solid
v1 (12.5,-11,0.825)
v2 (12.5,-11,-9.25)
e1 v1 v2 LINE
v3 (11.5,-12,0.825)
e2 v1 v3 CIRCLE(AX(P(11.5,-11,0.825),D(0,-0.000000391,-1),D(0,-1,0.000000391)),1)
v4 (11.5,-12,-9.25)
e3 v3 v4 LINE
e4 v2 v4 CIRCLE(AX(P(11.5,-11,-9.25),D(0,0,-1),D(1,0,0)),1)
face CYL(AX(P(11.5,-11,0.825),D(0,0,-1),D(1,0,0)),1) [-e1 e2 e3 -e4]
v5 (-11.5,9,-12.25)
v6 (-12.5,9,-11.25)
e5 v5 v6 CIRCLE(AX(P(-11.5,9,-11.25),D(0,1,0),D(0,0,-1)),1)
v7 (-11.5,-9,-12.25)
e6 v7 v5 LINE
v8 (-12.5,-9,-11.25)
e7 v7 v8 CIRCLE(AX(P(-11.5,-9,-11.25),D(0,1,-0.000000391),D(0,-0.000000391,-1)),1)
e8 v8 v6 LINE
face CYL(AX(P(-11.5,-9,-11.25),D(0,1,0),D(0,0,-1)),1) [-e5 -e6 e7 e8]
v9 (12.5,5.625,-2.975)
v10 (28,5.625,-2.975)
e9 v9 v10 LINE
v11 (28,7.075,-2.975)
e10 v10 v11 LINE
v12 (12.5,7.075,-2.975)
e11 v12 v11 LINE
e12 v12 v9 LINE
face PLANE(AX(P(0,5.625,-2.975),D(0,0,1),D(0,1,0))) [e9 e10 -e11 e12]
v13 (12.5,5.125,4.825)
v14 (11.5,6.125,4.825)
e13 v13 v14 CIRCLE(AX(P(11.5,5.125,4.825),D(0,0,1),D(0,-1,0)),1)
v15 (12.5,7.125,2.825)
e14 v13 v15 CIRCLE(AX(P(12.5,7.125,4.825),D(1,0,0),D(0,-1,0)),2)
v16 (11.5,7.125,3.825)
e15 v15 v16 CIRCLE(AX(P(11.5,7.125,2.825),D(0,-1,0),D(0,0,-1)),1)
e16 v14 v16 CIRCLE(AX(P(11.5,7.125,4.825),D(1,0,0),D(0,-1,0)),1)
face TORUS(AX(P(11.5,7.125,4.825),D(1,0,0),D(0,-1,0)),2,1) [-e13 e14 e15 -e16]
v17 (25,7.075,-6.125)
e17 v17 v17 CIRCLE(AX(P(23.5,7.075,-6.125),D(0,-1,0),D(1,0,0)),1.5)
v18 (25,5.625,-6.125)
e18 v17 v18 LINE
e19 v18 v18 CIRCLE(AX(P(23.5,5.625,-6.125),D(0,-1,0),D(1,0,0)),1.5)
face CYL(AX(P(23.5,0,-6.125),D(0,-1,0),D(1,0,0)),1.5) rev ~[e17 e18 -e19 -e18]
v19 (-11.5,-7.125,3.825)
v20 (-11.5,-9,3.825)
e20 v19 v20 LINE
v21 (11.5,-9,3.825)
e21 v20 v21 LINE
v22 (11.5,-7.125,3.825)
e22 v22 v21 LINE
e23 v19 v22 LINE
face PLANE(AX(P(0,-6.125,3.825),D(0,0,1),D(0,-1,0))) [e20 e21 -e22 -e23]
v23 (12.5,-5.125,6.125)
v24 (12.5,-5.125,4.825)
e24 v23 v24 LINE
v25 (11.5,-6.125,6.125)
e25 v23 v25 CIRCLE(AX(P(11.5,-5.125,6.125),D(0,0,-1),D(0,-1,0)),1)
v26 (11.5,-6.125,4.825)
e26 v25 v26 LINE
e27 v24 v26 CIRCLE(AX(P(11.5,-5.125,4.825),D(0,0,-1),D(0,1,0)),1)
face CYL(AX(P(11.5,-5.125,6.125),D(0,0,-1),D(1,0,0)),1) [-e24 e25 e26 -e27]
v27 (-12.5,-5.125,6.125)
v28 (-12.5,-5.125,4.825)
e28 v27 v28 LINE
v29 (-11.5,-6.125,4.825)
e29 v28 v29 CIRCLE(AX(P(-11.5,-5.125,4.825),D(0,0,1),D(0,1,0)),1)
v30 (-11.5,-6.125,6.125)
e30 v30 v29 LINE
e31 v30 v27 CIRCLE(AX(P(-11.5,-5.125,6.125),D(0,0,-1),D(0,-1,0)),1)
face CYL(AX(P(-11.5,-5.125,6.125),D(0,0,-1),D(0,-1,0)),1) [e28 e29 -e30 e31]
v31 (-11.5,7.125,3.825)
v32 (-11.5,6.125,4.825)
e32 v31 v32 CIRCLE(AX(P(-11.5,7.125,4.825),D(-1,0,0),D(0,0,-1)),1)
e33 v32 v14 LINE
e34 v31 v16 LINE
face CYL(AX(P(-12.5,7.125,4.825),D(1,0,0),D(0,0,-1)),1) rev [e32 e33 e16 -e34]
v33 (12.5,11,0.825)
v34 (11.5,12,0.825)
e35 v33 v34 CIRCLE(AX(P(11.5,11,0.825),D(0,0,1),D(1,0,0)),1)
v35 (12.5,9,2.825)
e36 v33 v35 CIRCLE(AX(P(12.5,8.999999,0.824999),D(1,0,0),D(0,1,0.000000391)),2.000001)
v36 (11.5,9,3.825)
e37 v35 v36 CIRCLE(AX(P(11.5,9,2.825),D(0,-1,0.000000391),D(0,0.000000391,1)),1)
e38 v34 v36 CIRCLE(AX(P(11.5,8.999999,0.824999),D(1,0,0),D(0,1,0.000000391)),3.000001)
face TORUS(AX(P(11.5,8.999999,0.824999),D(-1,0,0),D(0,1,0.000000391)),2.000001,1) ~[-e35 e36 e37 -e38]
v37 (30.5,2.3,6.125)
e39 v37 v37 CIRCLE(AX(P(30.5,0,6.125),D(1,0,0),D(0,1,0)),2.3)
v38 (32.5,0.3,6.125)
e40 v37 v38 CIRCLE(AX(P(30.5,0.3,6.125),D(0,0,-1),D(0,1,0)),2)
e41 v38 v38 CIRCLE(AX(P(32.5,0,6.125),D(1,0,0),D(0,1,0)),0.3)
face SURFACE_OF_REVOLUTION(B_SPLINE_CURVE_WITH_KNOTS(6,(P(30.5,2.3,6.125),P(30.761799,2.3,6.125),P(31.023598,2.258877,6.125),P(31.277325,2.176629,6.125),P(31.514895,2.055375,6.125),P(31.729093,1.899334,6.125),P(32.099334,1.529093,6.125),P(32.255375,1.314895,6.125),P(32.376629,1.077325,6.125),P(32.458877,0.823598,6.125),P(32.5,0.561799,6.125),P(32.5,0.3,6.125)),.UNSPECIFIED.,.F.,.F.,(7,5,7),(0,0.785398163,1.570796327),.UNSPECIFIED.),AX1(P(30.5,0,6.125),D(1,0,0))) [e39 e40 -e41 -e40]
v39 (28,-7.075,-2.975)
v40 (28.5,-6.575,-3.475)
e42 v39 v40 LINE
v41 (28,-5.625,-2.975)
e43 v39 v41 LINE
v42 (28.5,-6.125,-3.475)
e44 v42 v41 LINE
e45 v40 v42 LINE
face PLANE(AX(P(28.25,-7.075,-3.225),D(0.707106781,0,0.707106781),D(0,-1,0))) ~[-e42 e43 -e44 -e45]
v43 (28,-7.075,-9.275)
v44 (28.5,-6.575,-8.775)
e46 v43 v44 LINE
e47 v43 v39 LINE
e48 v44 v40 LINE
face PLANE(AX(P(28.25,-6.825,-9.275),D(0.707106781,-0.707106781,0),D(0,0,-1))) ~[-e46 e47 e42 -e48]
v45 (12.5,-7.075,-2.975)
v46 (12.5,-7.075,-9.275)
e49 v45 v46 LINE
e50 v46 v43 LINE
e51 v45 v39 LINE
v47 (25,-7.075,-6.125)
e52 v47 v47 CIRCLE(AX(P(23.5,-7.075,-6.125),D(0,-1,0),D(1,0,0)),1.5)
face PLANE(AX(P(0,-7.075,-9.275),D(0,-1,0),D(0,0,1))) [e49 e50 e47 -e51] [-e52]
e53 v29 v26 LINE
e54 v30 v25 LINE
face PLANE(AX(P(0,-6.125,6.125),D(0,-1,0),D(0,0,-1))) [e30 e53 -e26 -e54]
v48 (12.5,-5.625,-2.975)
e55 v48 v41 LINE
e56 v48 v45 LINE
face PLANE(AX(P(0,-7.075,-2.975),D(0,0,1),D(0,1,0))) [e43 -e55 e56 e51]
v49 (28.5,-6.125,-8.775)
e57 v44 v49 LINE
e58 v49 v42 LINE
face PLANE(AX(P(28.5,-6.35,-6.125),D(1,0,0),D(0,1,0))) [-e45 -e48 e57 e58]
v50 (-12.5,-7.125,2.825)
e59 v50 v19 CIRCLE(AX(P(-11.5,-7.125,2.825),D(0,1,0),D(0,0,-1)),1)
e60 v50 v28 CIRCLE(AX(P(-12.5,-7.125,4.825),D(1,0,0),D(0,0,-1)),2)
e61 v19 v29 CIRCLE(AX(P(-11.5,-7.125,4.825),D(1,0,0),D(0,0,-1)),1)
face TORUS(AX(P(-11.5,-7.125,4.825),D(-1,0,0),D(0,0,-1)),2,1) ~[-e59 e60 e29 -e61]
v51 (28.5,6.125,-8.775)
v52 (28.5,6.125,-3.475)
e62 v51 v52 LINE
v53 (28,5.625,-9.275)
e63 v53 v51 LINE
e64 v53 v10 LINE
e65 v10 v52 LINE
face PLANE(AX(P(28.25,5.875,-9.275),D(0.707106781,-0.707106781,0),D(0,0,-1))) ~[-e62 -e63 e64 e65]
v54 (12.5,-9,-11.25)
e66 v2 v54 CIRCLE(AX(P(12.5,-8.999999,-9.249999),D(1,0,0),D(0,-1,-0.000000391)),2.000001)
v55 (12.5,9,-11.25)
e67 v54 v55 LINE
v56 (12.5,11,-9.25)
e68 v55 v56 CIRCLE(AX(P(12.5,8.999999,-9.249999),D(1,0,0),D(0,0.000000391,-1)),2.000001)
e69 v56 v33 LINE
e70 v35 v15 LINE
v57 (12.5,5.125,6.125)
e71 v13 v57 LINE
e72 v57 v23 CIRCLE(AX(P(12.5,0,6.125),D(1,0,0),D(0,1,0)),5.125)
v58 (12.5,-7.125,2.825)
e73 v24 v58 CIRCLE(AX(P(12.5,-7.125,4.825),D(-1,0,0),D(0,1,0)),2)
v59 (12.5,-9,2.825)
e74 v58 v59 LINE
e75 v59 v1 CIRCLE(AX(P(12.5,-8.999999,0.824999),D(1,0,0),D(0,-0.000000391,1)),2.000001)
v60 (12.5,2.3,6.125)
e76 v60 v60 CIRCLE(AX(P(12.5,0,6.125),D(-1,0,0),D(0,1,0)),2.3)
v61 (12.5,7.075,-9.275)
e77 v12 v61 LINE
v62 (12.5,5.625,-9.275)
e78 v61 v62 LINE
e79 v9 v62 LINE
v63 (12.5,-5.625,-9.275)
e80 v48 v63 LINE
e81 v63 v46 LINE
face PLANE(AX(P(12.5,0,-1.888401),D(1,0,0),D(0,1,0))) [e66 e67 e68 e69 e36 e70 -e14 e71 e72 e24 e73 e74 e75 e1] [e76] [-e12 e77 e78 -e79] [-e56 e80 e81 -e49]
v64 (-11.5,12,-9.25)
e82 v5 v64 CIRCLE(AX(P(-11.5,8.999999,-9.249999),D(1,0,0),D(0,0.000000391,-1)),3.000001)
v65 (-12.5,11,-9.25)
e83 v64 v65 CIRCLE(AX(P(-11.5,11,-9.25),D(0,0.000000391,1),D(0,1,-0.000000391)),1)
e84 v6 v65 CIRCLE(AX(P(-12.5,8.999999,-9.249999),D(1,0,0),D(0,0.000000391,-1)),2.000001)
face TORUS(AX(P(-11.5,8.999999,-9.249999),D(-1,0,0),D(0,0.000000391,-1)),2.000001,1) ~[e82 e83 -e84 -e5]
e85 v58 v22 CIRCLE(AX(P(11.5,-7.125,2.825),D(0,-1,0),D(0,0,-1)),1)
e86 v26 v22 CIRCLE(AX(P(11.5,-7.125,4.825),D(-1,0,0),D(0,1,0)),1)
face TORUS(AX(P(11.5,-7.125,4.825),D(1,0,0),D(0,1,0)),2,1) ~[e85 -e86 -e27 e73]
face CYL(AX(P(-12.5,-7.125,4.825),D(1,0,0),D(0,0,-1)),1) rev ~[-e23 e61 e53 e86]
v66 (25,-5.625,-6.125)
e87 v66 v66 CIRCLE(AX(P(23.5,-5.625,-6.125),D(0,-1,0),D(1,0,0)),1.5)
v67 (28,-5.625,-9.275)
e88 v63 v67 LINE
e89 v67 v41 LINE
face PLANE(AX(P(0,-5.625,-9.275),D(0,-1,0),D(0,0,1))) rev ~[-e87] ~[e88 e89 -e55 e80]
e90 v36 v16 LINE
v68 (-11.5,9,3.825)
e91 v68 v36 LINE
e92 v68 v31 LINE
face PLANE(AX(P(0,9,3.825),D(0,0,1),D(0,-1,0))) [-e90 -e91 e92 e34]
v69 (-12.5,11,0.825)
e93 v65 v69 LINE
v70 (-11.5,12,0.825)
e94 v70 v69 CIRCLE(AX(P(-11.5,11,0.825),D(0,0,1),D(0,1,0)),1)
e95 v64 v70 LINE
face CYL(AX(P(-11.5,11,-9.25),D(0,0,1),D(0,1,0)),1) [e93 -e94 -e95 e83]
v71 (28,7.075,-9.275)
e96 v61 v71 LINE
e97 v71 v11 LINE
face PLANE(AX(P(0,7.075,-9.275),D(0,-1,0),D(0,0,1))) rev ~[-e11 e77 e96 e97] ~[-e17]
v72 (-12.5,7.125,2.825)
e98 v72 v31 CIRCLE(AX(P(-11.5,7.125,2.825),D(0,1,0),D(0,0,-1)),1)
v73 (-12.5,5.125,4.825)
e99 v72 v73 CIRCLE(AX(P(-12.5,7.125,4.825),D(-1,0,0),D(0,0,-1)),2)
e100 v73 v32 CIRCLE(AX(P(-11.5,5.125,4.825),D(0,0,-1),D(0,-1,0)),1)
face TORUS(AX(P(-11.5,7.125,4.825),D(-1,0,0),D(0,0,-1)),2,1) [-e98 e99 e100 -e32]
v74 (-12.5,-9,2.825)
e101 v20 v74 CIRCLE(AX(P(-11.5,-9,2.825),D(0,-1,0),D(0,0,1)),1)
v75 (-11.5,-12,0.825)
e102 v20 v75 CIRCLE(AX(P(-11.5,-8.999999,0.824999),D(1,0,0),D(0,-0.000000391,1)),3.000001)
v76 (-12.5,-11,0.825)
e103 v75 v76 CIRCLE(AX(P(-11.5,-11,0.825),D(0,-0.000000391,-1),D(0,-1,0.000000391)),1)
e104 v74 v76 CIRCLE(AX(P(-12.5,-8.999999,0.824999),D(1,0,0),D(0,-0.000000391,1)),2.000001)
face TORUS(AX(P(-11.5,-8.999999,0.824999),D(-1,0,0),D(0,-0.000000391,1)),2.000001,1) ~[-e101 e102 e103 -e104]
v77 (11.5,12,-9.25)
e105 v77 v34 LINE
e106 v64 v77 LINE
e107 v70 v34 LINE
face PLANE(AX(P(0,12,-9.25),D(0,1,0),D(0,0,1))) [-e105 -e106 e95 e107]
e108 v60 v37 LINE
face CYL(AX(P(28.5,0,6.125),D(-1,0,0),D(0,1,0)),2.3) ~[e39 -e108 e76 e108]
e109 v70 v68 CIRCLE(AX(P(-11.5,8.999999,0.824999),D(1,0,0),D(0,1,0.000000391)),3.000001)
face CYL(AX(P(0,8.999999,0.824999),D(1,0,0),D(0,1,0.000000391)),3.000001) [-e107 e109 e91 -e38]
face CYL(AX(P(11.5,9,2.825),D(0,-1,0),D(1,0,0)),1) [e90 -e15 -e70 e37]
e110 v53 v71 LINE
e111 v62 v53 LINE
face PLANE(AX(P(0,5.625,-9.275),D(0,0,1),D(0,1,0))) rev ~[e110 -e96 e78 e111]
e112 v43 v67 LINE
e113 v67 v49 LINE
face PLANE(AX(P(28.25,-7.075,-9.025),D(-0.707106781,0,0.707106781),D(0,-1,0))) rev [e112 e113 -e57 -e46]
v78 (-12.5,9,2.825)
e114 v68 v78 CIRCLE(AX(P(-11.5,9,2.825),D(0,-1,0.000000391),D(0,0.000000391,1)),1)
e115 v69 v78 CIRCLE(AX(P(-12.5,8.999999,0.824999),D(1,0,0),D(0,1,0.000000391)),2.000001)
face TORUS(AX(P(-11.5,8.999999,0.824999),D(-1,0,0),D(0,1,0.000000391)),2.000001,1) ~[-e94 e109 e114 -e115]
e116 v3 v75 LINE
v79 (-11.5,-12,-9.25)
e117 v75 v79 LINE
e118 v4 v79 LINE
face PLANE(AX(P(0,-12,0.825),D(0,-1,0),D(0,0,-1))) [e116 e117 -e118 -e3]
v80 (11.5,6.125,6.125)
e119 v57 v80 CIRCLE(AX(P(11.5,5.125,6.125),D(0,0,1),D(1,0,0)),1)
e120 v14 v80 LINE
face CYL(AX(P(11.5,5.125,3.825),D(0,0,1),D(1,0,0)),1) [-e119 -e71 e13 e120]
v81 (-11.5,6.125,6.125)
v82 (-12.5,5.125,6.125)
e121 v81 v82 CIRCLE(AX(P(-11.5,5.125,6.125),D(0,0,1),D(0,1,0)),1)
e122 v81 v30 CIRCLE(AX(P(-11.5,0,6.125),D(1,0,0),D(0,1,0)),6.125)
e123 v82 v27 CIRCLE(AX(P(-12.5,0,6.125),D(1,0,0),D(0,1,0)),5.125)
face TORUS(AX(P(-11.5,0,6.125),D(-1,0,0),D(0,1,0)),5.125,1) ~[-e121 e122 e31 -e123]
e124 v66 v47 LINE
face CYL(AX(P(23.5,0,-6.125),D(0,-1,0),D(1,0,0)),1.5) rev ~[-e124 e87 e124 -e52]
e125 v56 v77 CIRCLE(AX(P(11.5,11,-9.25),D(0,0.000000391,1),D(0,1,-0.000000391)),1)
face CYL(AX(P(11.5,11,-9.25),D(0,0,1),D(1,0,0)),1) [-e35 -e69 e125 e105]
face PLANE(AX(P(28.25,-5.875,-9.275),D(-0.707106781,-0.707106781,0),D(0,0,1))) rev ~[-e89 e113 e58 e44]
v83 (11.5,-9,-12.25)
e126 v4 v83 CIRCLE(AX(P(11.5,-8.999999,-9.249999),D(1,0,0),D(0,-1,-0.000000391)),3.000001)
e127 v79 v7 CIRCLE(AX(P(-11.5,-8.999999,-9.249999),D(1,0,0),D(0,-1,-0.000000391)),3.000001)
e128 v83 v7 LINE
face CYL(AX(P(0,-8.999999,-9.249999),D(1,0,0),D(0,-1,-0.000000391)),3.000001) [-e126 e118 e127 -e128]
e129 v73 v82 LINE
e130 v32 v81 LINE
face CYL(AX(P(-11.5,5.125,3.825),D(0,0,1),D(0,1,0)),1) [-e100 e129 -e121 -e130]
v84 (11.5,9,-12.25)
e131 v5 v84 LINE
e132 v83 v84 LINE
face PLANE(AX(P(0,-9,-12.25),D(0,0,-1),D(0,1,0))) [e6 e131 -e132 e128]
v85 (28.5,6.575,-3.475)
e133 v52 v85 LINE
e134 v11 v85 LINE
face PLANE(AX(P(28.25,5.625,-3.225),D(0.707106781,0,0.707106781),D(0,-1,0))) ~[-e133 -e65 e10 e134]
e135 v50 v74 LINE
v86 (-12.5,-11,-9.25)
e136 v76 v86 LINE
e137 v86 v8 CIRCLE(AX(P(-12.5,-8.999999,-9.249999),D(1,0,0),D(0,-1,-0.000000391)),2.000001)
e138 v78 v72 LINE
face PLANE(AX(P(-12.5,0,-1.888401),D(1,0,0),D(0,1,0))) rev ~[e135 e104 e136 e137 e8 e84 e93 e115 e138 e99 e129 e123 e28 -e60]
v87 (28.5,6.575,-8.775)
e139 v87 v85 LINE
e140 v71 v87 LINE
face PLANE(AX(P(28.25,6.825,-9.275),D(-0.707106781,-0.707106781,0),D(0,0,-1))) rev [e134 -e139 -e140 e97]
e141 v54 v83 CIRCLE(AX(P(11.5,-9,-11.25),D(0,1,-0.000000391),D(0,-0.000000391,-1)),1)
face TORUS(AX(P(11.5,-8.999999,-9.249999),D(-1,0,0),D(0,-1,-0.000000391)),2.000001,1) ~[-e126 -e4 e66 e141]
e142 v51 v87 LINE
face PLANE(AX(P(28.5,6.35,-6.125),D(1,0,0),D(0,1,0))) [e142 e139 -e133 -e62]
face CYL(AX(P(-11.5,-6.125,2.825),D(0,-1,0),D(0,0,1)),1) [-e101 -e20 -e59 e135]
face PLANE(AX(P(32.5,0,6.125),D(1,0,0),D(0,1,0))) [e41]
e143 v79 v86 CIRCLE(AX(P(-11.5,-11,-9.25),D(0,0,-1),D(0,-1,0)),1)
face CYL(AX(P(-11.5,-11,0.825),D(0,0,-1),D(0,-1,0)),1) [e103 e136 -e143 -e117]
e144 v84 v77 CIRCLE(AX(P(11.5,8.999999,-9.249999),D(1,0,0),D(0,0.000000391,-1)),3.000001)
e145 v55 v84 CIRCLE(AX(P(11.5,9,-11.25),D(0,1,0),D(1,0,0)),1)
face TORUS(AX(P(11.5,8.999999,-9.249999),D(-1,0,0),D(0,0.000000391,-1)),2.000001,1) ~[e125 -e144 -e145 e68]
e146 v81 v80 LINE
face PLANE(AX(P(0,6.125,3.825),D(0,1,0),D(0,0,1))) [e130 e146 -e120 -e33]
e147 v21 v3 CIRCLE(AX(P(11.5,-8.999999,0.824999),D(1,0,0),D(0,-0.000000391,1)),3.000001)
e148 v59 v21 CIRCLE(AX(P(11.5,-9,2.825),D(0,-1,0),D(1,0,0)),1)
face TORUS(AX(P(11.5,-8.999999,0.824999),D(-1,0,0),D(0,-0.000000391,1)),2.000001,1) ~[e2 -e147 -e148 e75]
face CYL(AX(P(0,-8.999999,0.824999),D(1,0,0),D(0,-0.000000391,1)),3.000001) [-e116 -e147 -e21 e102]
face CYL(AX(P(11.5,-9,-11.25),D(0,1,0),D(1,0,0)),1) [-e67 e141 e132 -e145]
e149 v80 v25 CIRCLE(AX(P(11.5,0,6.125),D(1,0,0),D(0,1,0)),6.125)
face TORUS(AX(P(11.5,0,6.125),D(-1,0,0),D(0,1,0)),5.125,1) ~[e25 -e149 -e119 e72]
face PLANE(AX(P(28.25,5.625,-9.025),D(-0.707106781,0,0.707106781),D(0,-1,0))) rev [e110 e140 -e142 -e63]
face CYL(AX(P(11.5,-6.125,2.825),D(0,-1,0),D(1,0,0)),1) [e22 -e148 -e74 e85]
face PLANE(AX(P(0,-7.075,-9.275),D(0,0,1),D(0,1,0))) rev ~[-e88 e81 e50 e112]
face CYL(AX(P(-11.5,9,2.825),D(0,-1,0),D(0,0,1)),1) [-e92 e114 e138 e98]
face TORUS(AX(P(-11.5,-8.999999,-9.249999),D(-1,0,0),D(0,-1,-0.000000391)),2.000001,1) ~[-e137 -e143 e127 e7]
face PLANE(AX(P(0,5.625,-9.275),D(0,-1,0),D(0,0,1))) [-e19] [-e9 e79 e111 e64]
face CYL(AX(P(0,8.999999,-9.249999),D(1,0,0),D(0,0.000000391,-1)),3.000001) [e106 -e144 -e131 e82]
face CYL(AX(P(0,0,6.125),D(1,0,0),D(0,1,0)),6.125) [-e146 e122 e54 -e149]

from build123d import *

# Parameters (mm, degrees)
F1_DEPTH = 12.5
F2_W     = 1.45
F2_H     = 6.3
F2_R     = 2.3
F3_DEPTH = 28.5
F4_R     = 1.5
F5_DEPTH = 12.5
F6_SIZE  = 0.5
F7_R     = 2.3
F8_DEPTH = 4
F9_R     = 2
F10_R    = 1


with BuildPart() as f1:
    # F0 (on Right) → F1 (new body, symmetric)
    with BuildSketch(Plane.YZ):
        with BuildLine():
            Line((-9, -12.25), (9, -12.25))
            ThreePointArc((9, -12.25), (11.12132, -11.37132), (12, -9.25))
            Line((12, -9.25), (12, 0.825))
            ThreePointArc((12, 0.825), (11.12132, 2.94632), (9, 3.825))
            Line((9, 3.825), (6.125, 3.825))
            Line((6.125, 3.825), (6.125, 6.125))
            ThreePointArc((6.125, 6.125), (0, 12.25), (-6.125, 6.125))
            Line((-6.125, 6.125), (-6.125, 3.825))
            Line((-6.125, 3.825), (-9, 3.825))
            ThreePointArc((-9, 3.825), (-11.12132, 2.94632), (-12, 0.825))
            Line((-12, 0.825), (-12, -9.25))
            ThreePointArc((-12, -9.25), (-11.12132, -11.37132), (-9, -12.25))
        make_face()
    extrude(amount=F1_DEPTH, both=True)

    # F2 (on Right) → F3 (join)
    with BuildSketch(Plane.YZ):
        with Locations((-6.35, -6.125)):
            Rectangle(F2_W, F2_H)
        with Locations((6.35, -6.125)):
            Rectangle(F2_W, F2_H)
        with Locations((0, 6.125)):
            Circle(F2_R)
    extrude(amount=F3_DEPTH)

    # F4 (on Front) → F5 (cut, symmetric)
    with BuildSketch(Plane.XZ):
        with Locations((23.5, -6.125)):
            Circle(F4_R)
    extrude(amount=F5_DEPTH, both=True, mode=Mode.SUBTRACT)

    # F6
    f6_edges = [f1.edges().sort_by_distance(p)[0] for p in [
        (28.5, -7.075, -6.125),
        (28.5, -6.35, -9.275),
        (28.5, -5.625, -6.125),
        (28.5, -6.35, -2.975),
        (28.5, 5.625, -6.125),
        (28.5, 6.35, -9.275),
        (28.5, 7.075, -6.125),
        (28.5, 6.35, -2.975),
    ]]
    chamfer(f6_edges, length=F6_SIZE)

    # F7 (on face) → F8 (join)
    with BuildSketch(Plane.YZ.offset(28.5)):
        with Locations((0, 6.125)):
            Circle(F7_R)
    extrude(amount=F8_DEPTH)

    # F9
    f9_edges = [f1.edges().sort_by_distance(p)[0] for p in [
        (32.5, -2.3, 6.125),
    ]]
    fillet(f9_edges, radius=F9_R)

    # F10
    f10_edges = [f1.edges().sort_by_distance(p)[0] for p in [
        (12.5, 0, 12.25),
        (12.5, 7.5625, 3.825),
        (-12.5, 11.12132, -11.37132),
        (-12.5, 0, 12.25),
        (0, -6.125, 3.825),
        (0, 6.125, 3.825),
    ]]
    fillet(f10_edges, radius=F10_R)


solid = f1.part
